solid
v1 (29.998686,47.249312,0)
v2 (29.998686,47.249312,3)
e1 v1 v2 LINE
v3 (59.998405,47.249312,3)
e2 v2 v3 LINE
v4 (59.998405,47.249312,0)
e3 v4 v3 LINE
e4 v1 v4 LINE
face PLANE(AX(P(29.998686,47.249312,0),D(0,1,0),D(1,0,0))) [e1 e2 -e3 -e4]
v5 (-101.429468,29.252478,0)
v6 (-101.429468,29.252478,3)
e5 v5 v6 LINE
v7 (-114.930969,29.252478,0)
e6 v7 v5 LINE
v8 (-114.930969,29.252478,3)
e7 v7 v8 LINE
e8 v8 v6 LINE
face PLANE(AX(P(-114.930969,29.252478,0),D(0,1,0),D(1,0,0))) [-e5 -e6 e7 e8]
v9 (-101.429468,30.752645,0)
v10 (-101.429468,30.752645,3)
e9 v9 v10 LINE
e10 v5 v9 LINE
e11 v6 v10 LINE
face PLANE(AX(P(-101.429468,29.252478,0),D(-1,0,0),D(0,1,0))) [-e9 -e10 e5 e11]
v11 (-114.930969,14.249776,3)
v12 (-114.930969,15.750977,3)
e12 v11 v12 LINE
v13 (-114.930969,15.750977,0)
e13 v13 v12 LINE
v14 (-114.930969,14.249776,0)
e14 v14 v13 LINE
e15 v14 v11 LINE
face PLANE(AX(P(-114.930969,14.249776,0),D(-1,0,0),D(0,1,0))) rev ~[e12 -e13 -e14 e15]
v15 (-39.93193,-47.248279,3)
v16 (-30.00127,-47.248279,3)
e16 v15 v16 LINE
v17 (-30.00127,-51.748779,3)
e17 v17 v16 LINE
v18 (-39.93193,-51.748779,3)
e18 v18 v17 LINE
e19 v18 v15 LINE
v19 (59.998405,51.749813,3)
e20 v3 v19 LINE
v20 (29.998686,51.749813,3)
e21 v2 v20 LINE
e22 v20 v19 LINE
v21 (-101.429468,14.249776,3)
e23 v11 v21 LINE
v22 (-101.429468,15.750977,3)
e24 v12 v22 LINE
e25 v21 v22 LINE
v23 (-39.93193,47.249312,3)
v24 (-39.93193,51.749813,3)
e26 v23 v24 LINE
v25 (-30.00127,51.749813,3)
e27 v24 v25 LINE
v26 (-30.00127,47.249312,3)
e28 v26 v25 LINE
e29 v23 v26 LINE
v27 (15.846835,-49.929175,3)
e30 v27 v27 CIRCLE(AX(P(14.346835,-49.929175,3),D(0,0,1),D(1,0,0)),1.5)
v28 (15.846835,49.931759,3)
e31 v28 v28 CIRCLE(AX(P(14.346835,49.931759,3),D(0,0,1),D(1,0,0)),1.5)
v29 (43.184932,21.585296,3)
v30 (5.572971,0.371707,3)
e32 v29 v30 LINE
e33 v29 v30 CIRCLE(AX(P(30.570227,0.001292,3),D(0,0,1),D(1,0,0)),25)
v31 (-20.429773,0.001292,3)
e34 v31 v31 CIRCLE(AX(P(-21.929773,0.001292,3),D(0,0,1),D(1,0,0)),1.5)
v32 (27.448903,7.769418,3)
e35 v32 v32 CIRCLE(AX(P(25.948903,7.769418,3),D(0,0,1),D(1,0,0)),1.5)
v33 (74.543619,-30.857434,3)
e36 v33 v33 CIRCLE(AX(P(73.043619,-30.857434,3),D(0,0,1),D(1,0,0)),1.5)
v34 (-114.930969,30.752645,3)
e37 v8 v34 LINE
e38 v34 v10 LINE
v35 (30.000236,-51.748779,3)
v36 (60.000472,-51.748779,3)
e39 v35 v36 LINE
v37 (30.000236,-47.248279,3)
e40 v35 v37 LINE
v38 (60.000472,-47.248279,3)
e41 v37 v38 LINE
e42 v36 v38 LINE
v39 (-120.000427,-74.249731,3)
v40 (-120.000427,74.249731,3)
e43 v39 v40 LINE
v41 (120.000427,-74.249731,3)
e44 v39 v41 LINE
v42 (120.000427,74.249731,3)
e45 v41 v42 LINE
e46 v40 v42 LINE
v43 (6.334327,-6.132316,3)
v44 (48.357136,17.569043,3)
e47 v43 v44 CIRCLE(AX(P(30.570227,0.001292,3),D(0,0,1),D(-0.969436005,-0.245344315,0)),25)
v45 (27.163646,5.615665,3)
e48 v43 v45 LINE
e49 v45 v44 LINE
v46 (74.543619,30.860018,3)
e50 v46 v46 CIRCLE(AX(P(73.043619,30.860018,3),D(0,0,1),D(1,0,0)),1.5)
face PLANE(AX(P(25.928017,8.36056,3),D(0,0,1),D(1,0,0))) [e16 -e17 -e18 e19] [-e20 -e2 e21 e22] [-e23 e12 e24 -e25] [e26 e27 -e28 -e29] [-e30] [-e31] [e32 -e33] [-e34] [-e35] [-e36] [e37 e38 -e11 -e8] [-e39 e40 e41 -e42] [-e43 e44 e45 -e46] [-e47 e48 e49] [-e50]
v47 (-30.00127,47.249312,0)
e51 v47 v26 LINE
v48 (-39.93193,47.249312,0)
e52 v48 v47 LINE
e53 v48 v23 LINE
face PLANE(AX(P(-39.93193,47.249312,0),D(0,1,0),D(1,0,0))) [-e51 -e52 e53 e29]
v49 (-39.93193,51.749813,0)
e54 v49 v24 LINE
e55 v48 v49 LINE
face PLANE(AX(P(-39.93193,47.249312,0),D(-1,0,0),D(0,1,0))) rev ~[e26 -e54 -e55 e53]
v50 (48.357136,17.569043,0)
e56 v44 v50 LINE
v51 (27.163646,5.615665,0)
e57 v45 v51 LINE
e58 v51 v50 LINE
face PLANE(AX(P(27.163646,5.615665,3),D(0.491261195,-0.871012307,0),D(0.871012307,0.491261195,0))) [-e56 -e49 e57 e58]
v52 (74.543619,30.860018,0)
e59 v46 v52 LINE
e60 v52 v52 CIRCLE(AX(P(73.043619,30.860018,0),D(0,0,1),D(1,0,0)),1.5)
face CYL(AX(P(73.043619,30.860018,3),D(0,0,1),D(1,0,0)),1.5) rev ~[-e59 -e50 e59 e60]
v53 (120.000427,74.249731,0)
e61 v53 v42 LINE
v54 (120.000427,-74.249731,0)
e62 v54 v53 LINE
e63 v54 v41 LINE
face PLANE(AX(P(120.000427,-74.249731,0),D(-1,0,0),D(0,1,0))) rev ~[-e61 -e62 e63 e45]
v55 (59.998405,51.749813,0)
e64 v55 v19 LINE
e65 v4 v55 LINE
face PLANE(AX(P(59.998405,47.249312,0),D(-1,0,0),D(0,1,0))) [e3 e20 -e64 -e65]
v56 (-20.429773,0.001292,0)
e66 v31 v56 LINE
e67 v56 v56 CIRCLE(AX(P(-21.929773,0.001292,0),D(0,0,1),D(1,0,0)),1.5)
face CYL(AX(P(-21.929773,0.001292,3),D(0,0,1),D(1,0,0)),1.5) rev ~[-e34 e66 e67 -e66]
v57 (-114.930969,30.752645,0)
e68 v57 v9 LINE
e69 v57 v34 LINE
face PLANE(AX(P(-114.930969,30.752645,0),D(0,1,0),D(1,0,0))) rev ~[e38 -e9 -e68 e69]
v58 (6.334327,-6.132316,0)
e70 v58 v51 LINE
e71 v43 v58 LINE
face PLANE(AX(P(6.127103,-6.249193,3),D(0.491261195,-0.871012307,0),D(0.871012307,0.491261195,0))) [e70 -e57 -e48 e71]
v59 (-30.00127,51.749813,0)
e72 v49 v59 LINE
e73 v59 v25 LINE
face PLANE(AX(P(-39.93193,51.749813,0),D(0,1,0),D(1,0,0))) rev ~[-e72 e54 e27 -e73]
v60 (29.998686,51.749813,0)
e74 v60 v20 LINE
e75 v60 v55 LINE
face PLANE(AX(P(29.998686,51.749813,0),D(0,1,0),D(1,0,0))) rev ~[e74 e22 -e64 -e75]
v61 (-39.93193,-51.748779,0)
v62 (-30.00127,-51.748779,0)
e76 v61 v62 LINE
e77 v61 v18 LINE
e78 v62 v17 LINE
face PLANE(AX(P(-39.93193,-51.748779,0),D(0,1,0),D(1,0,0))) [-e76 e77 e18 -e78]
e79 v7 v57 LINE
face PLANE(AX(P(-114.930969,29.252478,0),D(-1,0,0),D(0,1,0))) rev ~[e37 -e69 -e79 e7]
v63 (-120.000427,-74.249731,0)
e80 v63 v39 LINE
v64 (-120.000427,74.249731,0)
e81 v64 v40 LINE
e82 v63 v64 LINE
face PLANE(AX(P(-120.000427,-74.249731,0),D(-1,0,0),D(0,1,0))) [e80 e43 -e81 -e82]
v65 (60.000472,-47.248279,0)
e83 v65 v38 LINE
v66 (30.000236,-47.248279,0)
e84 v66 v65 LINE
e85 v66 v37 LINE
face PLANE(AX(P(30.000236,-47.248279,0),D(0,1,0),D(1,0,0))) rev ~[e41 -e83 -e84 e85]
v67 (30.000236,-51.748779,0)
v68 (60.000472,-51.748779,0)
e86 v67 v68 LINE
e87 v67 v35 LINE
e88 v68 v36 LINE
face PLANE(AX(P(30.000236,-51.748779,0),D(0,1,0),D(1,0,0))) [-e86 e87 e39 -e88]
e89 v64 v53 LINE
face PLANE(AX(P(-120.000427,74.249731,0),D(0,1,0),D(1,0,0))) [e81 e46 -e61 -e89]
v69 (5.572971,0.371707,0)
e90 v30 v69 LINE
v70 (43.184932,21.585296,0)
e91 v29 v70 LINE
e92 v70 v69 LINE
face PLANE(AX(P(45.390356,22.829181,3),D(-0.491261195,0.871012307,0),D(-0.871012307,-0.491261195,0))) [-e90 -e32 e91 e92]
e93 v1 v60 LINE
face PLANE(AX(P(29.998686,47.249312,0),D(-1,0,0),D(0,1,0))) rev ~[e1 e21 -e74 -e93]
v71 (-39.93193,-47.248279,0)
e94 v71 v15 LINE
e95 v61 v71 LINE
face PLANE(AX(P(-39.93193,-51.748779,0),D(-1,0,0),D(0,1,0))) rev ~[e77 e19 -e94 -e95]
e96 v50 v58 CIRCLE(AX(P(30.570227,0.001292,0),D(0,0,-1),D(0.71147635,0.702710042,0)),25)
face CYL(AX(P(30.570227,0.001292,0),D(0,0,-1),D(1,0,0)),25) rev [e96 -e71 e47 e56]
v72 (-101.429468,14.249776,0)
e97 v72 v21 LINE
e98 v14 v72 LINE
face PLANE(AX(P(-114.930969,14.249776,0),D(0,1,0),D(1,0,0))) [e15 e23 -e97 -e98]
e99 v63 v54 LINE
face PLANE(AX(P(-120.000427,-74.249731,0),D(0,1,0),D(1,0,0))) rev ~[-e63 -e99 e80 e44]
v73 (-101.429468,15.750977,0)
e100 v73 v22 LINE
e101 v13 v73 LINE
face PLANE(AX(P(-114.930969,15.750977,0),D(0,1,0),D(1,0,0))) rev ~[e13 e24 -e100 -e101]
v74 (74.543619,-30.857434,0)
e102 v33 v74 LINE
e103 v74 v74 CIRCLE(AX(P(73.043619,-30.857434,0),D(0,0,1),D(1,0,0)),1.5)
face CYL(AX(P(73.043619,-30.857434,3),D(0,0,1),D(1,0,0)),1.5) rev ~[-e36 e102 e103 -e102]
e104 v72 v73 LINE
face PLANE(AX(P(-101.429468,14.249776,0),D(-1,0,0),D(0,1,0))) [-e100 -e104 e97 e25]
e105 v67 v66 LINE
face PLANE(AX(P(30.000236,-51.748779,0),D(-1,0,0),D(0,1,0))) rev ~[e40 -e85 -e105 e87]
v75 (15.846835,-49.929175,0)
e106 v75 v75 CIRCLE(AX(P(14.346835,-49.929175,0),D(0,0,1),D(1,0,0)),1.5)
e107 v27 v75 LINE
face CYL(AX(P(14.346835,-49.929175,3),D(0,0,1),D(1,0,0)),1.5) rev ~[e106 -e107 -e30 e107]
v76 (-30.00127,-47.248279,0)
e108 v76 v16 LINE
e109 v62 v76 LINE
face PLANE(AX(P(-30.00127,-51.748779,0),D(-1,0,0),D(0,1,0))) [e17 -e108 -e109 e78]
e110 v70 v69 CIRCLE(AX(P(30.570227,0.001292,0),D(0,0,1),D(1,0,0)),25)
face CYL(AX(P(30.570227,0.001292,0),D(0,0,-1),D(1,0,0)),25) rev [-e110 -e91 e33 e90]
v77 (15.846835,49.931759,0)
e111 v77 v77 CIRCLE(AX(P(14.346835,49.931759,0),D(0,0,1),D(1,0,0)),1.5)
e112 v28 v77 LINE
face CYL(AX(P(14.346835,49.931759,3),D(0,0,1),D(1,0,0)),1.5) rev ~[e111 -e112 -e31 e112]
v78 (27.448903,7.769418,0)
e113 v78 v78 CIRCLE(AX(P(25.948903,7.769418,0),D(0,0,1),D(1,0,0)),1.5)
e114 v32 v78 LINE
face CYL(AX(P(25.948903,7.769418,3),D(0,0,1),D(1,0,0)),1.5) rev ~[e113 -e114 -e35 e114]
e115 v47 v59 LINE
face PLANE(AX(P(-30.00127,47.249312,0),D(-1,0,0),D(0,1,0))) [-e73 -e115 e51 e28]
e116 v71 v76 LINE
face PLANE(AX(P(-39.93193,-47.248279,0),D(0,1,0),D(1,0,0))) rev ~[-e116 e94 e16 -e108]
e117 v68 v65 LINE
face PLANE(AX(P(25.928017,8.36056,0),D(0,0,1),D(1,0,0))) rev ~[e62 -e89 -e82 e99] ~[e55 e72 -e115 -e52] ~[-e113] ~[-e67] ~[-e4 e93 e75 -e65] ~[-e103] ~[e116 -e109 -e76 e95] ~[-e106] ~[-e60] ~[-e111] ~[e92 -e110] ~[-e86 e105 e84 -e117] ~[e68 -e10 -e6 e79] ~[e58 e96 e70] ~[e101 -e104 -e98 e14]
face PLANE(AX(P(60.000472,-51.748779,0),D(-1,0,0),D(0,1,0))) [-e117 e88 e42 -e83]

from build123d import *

# Parameters (mm, degrees)
SKETCH1_W           = 240.000854432
SKETCH1_H           = 148.499462854
SKETCH1_R           = 25
SKETCH1_W_2         = 13.501501462
SKETCH1_H_2         = 1.500166829
SKETCH1_H_3         = 1.501200358
SKETCH1_W_3         = 9.930659991
SKETCH1_H_4         = 4.500500488
SKETCH1_W_4         = 29.999719231
SKETCH1_H_5         = 4.500500487
SKETCH1_W_5         = 30.000235995
BOSS_EXTRUDE2_DEPTH = 3
SKETCH2_R           = 1.5
BOSS_EXTRUDE3_DEPTH = 3
SKETCH3_R           = 1.5
CUT_EXTRUDE1_DEPTH  = 3
SKETCH3_3_R         = 1.5
CUT_EXTRUDE2_DEPTH  = 3


with BuildPart() as part:
    # Sketch1 → Boss-Extrude2 (new body)
    with BuildSketch(Plane.XY):
        Rectangle(SKETCH1_W, SKETCH1_H)
        with Locations((30.570227043, 0.001291911)):
            Circle(SKETCH1_R, mode=Mode.SUBTRACT)
        with Locations((-108.180218479, 30.002561435)):
            Rectangle(SKETCH1_W_2, SKETCH1_H_2, mode=Mode.SUBTRACT)
        with Locations((-108.180218479, 15.00037638)):
            Rectangle(SKETCH1_W_2, SKETCH1_H_3, mode=Mode.SUBTRACT)
        with Locations((-34.96659952, 49.499562569)):
            Rectangle(SKETCH1_W_3, SKETCH1_H_4, mode=Mode.SUBTRACT)
        with Locations((44.998545318, 49.499562569)):
            Rectangle(SKETCH1_W_4, SKETCH1_H_4, mode=Mode.SUBTRACT)
        with Locations((-34.96659952, -49.498529041)):
            Rectangle(SKETCH1_W_3, SKETCH1_H_5, mode=Mode.SUBTRACT)
        with Locations((45.000353993, -49.498529041)):
            Rectangle(SKETCH1_W_5, SKETCH1_H_5, mode=Mode.SUBTRACT)
    extrude(amount=BOSS_EXTRUDE2_DEPTH)

    # Sketch2 → Boss-Extrude3 (add)
    # profile 1 of 2: a face of its own
    with BuildSketch(Plane.XY.offset(3)):
        with Locations((45.531251612, -26.95033278)):
            Circle(SKETCH2_R)
    # profile 2 of 2: a face of its own
    with BuildSketch(Plane.XY.offset(3)):
        Polygon((27.163645512, 5.615664927), (48.357135802, 17.569042957), (45.390356123, 22.829180815), (3.83834926, -0.606640239), (6.127103067, -6.249192671), align=None)
        with Locations((25.948903296, 7.769418226)):
            Circle(SKETCH2_R, mode=Mode.SUBTRACT)
    extrude(amount=-BOSS_EXTRUDE3_DEPTH)

    # Sketch3 → Cut-Extrude1 (cut)
    with BuildSketch(Plane.XY.offset(3)):
        with Locations((-21.929772957, 0.001291911)):
            Circle(SKETCH3_R)
    extrude(amount=-CUT_EXTRUDE1_DEPTH, mode=Mode.SUBTRACT)

    # Sketch3<3> → Cut-Extrude2 (cut)
    with BuildSketch(Plane.XY.offset(3)):
        with Locations((-21.929772957, 0.001291911)):
            Circle(SKETCH3_3_R)
        with Locations((14.346834838, 49.931759016)):
            Circle(SKETCH3_3_R)
        with Locations((73.043619248, 30.860017656)):
            Circle(SKETCH3_3_R)
        with Locations((73.043619248, -30.857433835)):
            Circle(SKETCH3_3_R)
        with Locations((14.346834838, -49.929175195)):
            Circle(SKETCH3_3_R)
    extrude(amount=-CUT_EXTRUDE2_DEPTH, mode=Mode.SUBTRACT)


solid = part.part
